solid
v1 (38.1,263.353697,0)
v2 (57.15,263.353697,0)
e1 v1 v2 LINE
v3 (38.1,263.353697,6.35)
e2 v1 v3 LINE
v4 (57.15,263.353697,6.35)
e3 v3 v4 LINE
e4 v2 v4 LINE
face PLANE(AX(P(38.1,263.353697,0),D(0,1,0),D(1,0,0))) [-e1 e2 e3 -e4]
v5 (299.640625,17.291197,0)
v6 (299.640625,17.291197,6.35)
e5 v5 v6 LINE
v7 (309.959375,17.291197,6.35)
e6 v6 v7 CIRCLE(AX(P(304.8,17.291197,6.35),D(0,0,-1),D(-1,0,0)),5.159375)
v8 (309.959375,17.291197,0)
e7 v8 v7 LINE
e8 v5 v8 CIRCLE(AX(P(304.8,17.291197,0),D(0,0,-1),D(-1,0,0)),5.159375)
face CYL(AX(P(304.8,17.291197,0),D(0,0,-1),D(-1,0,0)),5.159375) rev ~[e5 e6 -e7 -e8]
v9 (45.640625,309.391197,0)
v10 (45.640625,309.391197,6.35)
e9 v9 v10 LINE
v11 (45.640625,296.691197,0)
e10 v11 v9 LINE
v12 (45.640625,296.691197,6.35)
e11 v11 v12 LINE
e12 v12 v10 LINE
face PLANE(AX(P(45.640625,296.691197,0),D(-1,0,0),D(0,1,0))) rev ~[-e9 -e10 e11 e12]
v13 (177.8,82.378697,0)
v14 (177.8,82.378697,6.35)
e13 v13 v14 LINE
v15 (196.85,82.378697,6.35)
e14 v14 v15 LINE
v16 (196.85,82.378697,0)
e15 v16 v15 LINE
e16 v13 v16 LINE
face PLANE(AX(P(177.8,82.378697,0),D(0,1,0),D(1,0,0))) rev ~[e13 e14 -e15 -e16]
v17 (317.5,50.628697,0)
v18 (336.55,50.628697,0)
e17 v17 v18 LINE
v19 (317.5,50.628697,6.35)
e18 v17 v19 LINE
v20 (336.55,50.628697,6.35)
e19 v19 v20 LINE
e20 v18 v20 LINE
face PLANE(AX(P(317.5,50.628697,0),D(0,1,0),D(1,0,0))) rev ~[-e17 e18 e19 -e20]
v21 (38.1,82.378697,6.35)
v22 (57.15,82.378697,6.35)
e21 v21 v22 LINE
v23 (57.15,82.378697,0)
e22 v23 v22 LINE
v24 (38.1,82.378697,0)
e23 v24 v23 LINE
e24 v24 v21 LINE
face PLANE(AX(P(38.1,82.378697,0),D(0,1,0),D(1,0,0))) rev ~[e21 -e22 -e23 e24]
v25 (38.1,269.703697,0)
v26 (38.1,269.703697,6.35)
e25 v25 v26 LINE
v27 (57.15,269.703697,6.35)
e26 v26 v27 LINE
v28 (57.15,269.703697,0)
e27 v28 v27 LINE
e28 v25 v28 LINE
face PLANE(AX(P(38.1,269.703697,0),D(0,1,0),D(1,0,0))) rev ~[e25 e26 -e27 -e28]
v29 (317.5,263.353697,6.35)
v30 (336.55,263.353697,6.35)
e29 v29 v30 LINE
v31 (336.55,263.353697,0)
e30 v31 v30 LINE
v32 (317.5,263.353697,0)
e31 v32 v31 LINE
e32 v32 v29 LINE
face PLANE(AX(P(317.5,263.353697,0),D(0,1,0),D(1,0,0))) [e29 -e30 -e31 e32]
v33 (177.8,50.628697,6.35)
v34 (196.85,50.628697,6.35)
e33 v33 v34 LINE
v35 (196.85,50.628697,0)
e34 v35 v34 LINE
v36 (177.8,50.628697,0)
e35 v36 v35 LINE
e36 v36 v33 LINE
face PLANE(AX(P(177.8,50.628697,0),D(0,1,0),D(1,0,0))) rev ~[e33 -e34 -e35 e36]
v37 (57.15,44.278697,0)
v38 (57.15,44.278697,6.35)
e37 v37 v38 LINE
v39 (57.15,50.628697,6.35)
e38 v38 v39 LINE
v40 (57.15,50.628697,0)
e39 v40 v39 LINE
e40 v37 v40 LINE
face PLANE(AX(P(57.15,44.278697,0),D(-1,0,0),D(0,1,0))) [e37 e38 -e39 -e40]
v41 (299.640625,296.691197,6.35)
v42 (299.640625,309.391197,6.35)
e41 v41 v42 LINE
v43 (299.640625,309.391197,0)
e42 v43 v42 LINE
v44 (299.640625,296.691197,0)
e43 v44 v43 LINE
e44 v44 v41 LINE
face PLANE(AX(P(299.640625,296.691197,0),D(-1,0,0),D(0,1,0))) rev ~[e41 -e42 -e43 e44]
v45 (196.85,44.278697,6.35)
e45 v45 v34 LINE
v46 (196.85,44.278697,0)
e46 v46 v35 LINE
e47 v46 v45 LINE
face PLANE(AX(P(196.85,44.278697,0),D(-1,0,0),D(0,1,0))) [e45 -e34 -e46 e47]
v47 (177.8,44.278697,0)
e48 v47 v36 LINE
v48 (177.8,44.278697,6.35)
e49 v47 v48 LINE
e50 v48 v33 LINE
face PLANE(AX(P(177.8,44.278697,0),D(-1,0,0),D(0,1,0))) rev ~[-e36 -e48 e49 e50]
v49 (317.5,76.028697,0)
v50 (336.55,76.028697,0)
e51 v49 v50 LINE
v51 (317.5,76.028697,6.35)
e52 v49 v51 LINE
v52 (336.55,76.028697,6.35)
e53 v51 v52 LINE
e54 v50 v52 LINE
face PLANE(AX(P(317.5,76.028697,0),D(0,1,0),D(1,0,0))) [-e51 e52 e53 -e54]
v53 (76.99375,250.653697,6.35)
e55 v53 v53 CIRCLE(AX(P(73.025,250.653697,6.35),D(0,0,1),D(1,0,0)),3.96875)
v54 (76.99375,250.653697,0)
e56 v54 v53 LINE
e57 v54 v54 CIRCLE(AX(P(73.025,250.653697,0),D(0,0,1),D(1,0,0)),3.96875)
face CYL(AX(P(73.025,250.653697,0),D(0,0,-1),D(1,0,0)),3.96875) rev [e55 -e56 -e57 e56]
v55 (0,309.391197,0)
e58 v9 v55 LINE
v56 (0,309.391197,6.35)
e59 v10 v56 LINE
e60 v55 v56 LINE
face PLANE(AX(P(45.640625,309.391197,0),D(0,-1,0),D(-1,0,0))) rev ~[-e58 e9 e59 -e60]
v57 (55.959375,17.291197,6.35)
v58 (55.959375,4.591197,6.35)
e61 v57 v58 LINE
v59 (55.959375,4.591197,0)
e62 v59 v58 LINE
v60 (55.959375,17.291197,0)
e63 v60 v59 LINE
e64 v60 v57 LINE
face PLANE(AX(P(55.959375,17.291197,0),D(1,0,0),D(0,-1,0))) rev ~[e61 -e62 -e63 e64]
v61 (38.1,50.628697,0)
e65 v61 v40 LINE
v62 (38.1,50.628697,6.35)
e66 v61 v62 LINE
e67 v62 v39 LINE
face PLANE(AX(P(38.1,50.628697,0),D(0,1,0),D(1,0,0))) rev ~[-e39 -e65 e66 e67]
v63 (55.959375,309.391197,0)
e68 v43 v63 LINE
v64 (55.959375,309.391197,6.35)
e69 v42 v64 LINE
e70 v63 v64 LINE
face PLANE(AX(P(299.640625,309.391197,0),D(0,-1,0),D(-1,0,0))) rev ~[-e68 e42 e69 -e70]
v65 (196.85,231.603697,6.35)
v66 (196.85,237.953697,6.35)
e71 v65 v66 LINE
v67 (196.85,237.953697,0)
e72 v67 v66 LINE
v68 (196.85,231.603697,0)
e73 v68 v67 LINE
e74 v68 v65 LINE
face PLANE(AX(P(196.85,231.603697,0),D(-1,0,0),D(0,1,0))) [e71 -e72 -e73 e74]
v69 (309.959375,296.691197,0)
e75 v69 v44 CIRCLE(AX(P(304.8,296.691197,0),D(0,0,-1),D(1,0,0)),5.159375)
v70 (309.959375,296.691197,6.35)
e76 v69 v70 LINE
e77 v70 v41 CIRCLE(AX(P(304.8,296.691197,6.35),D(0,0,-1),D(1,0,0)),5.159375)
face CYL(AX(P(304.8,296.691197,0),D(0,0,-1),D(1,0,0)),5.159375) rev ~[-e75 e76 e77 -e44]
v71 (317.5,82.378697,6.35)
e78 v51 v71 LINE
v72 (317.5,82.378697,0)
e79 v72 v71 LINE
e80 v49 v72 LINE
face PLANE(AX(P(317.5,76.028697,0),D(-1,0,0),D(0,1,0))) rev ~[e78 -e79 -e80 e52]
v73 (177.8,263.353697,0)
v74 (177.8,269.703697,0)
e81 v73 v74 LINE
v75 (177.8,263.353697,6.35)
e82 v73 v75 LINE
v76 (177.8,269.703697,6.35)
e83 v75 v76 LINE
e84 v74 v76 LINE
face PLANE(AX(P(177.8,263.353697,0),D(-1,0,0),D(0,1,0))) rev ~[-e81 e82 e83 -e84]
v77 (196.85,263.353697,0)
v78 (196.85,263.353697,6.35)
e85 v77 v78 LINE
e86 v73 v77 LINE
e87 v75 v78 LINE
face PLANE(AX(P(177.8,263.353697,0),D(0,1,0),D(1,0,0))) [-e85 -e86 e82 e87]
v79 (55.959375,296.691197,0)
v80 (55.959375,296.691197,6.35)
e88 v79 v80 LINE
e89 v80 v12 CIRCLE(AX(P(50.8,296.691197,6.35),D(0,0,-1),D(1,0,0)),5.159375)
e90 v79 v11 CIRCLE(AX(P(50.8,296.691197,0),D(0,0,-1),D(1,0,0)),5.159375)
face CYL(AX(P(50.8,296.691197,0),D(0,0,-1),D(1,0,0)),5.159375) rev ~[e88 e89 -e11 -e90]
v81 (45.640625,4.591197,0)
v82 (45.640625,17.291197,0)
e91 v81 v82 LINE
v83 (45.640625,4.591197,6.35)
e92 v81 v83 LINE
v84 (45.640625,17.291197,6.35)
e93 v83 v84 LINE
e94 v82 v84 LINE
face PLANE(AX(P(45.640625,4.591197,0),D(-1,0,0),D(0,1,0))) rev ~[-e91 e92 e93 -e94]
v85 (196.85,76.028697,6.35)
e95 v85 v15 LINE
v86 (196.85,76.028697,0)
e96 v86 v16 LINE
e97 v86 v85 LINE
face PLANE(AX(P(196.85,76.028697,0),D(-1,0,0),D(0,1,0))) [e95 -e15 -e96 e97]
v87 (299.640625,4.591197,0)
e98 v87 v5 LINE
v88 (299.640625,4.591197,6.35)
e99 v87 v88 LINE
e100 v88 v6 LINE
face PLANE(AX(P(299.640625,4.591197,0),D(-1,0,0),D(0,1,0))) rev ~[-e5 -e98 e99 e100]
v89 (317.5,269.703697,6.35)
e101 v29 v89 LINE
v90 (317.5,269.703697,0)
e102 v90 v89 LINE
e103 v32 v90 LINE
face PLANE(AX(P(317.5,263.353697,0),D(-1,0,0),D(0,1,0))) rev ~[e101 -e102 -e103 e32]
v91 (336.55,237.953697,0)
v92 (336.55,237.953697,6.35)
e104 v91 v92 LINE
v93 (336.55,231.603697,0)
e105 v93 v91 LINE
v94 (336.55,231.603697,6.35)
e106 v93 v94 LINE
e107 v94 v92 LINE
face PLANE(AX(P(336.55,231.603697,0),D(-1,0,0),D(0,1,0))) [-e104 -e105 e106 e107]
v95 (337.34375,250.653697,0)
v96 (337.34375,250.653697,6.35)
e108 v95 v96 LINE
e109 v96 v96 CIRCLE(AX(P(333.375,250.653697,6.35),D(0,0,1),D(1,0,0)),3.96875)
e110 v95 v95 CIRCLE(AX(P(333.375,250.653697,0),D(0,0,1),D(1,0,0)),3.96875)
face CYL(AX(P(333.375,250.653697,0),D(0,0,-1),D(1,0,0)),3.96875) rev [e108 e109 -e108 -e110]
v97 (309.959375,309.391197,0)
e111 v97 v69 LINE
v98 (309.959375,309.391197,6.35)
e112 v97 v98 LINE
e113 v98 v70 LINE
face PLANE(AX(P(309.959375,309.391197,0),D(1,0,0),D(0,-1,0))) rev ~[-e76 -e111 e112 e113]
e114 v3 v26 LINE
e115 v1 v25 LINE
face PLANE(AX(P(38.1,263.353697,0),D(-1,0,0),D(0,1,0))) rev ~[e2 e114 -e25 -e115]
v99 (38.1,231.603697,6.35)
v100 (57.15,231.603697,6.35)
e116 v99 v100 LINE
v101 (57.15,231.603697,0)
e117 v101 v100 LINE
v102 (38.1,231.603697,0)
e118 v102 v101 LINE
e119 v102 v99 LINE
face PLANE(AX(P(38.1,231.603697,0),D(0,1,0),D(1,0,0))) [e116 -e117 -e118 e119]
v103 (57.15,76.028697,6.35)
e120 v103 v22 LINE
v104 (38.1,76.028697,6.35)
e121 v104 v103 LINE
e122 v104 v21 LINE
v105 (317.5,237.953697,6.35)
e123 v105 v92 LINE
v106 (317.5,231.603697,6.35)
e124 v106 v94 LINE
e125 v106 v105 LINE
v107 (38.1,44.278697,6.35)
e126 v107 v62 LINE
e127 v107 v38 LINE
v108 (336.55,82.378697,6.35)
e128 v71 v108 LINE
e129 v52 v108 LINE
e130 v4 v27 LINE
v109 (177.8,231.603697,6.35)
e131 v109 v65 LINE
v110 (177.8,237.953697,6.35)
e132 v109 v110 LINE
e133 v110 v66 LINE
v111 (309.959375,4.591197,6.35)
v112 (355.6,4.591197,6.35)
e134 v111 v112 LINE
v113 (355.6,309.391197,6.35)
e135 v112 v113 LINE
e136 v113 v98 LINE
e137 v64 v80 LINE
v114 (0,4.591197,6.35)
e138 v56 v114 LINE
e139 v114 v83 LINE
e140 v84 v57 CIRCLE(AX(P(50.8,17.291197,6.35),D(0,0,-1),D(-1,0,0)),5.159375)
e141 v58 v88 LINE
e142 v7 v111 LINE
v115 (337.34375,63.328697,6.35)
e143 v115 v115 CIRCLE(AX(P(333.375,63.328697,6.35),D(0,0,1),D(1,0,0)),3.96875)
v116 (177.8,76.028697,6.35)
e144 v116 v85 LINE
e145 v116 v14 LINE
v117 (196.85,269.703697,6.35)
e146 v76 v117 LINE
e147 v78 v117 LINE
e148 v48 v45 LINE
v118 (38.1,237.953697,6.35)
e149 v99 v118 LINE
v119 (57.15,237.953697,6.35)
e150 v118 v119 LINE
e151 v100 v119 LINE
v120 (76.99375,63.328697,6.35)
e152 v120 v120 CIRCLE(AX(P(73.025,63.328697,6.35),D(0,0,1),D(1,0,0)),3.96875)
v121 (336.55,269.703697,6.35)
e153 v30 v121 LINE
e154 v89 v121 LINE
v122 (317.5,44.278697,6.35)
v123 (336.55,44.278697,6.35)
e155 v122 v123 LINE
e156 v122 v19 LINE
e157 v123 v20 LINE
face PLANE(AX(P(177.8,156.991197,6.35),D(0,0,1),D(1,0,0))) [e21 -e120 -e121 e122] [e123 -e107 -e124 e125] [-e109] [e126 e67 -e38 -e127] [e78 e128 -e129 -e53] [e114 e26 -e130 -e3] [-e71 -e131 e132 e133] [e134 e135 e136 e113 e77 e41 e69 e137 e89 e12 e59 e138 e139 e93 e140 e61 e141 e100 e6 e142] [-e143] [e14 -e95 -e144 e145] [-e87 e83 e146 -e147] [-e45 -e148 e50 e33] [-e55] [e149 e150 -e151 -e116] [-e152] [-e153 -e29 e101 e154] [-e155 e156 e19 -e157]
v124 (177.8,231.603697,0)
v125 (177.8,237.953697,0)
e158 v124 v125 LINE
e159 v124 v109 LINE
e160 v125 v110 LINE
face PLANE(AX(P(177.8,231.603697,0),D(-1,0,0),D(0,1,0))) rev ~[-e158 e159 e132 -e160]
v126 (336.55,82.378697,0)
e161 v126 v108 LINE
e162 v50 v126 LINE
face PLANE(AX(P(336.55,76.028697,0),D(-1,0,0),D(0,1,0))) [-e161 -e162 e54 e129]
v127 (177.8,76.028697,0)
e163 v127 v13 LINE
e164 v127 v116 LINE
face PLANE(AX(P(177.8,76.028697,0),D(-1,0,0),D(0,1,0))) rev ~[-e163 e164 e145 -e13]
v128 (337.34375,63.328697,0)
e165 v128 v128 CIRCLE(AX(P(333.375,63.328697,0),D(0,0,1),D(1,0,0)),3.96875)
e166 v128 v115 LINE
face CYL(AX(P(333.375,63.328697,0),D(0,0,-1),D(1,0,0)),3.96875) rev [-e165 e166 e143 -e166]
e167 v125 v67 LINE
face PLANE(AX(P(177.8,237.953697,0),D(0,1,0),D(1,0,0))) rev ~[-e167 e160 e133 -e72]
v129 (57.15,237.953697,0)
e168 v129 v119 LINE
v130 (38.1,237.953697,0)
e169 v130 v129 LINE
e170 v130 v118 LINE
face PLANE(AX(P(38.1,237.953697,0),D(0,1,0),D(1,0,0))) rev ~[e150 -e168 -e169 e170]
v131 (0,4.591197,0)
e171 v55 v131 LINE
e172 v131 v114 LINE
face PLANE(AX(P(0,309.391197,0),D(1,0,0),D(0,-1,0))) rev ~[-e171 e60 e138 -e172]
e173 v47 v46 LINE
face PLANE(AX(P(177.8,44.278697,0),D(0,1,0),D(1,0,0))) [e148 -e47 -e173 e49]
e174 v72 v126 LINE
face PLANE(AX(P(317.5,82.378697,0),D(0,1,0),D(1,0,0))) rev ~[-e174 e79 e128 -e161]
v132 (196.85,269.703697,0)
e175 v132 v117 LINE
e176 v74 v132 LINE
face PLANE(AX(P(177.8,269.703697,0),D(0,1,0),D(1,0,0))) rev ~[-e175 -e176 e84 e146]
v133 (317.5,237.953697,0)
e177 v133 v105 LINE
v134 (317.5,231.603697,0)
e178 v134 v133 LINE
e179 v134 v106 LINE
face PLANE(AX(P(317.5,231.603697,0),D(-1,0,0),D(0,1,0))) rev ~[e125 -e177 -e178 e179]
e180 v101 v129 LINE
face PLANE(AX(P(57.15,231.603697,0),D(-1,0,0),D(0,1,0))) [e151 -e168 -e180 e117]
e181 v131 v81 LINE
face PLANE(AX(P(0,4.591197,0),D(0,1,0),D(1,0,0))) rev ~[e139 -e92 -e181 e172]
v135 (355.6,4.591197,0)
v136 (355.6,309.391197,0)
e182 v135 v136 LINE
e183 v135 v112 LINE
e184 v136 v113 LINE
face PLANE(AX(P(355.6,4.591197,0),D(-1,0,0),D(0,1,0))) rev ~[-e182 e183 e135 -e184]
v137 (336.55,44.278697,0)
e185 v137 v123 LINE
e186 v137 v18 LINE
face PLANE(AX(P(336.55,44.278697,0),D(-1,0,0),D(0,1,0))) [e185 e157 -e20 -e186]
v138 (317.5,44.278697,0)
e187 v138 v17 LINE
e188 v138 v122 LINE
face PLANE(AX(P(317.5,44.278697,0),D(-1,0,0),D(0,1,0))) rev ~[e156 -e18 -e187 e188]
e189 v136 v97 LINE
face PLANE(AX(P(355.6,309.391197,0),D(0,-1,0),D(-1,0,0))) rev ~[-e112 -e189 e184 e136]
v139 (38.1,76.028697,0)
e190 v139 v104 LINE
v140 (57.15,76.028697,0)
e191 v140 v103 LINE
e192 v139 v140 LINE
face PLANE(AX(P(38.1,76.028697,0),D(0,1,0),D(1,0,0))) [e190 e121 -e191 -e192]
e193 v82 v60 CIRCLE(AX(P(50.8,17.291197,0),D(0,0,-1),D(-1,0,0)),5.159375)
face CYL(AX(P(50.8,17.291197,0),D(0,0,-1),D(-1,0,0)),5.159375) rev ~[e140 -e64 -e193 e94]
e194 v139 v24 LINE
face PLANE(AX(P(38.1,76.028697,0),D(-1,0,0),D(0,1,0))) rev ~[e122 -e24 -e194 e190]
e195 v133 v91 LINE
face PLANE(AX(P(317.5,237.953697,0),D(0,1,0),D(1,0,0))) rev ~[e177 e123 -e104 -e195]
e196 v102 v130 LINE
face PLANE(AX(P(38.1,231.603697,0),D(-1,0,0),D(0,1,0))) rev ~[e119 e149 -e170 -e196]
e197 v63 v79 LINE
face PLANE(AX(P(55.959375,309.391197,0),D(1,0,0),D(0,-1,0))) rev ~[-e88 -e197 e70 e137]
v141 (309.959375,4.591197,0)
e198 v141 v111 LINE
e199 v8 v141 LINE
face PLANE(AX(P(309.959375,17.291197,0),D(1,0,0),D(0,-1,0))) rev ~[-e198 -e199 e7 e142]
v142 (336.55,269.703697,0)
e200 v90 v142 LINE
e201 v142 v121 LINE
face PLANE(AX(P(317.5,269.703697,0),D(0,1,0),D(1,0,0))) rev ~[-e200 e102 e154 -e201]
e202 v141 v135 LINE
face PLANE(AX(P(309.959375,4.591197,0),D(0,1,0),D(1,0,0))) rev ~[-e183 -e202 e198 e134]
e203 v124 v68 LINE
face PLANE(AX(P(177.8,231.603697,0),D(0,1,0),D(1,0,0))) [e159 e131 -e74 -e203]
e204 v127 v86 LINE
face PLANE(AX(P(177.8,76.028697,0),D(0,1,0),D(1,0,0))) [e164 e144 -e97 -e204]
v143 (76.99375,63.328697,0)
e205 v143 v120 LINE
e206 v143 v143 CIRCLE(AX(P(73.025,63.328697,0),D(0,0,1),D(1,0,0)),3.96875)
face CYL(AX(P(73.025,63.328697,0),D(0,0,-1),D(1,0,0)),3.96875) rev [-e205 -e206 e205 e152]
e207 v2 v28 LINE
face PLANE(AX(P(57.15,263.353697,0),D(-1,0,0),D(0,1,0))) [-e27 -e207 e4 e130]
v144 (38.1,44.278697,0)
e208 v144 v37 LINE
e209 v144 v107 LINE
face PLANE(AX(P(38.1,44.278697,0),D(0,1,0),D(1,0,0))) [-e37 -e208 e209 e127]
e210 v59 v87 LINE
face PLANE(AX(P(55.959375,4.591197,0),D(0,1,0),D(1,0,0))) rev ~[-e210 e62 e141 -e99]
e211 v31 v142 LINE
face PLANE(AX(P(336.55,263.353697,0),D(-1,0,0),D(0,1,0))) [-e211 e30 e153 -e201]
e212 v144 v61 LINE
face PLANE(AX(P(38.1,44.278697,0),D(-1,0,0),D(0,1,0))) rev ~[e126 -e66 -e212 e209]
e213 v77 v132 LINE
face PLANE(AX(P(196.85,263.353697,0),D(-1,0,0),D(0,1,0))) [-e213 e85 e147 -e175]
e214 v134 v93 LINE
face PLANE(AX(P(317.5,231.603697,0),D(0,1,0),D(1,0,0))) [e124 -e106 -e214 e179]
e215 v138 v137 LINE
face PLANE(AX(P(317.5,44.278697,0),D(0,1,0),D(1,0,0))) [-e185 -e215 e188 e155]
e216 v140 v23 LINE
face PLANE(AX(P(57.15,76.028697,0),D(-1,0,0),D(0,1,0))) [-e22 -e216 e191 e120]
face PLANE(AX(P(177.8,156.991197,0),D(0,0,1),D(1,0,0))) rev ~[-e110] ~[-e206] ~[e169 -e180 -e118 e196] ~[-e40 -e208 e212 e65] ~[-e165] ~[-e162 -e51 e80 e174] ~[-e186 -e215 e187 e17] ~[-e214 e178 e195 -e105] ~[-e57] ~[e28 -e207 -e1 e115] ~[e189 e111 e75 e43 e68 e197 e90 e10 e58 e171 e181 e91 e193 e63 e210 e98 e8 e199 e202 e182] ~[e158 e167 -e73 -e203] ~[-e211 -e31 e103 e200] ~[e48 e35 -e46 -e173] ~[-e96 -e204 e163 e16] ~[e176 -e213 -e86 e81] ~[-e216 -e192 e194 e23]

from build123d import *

# Parameters (mm, degrees)
F0_W     = 19.05
F0_H     = 6.35
F0_R     = 3.96875
F1_DEPTH = 6.35


with BuildPart() as f1:
    # F0 (on Top) → F1 (new body)
    with BuildSketch(Plane.XY):
        with BuildLine():
            Line((0, 309.391197), (0, 4.591197))
            Line((0, 4.591197), (45.640625, 4.591197))
            Line((45.640625, 4.591197), (45.640625, 17.291197))
            ThreePointArc((45.640625, 17.291197), (50.8, 22.450572), (55.959375, 17.291197))
            Line((55.959375, 17.291197), (55.959375, 4.591197))
            Line((55.959375, 4.591197), (299.640625, 4.591197))
            Line((299.640625, 4.591197), (299.640625, 17.291197))
            ThreePointArc((299.640625, 17.291197), (304.8, 22.450572), (309.959375, 17.291197))
            Line((309.959375, 17.291197), (309.959375, 4.591197))
            Line((309.959375, 4.591197), (355.6, 4.591197))
            Line((355.6, 4.591197), (355.6, 309.391197))
            Line((355.6, 309.391197), (309.959375, 309.391197))
            Line((309.959375, 309.391197), (309.959375, 296.691197))
            ThreePointArc((309.959375, 296.691197), (304.8, 291.531822), (299.640625, 296.691197))
            Line((299.640625, 296.691197), (299.640625, 309.391197))
            Line((299.640625, 309.391197), (55.959375, 309.391197))
            Line((55.959375, 309.391197), (55.959375, 296.691197))
            ThreePointArc((55.959375, 296.691197), (50.8, 291.531822), (45.640625, 296.691197))
            Line((45.640625, 296.691197), (45.640625, 309.391197))
            Line((45.640625, 309.391197), (0, 309.391197))
        make_face()
        with Locations((47.625, 47.453697)):
            Rectangle(F0_W, F0_H, mode=Mode.SUBTRACT)
        with Locations((47.625, 79.203697)):
            Rectangle(F0_W, F0_H, mode=Mode.SUBTRACT)
        with Locations((73.025, 63.328697)):
            Circle(F0_R, mode=Mode.SUBTRACT)
        with Locations((187.325, 47.453697)):
            Rectangle(F0_W, F0_H, mode=Mode.SUBTRACT)
        with Locations((187.325, 79.203697)):
            Rectangle(F0_W, F0_H, mode=Mode.SUBTRACT)
        with Locations((327.025, 47.453697)):
            Rectangle(F0_W, F0_H, mode=Mode.SUBTRACT)
        with Locations((327.025, 79.203697)):
            Rectangle(F0_W, F0_H, mode=Mode.SUBTRACT)
        with Locations((333.375, 63.328697)):
            Circle(F0_R, mode=Mode.SUBTRACT)
        with Locations((47.625, 234.778697)):
            Rectangle(F0_W, F0_H, mode=Mode.SUBTRACT)
        with Locations((73.025, 250.653697)):
            Circle(F0_R, mode=Mode.SUBTRACT)
        with Locations((47.625, 266.528697)):
            Rectangle(F0_W, F0_H, mode=Mode.SUBTRACT)
        with Locations((187.325, 234.778697)):
            Rectangle(F0_W, F0_H, mode=Mode.SUBTRACT)
        with Locations((187.325, 266.528697)):
            Rectangle(F0_W, F0_H, mode=Mode.SUBTRACT)
        with Locations((327.025, 234.778697)):
            Rectangle(F0_W, F0_H, mode=Mode.SUBTRACT)
        with Locations((333.375, 250.653697)):
            Circle(F0_R, mode=Mode.SUBTRACT)
        with Locations((327.025, 266.528697)):
            Rectangle(F0_W, F0_H, mode=Mode.SUBTRACT)
    extrude(amount=F1_DEPTH)


solid = f1.part
